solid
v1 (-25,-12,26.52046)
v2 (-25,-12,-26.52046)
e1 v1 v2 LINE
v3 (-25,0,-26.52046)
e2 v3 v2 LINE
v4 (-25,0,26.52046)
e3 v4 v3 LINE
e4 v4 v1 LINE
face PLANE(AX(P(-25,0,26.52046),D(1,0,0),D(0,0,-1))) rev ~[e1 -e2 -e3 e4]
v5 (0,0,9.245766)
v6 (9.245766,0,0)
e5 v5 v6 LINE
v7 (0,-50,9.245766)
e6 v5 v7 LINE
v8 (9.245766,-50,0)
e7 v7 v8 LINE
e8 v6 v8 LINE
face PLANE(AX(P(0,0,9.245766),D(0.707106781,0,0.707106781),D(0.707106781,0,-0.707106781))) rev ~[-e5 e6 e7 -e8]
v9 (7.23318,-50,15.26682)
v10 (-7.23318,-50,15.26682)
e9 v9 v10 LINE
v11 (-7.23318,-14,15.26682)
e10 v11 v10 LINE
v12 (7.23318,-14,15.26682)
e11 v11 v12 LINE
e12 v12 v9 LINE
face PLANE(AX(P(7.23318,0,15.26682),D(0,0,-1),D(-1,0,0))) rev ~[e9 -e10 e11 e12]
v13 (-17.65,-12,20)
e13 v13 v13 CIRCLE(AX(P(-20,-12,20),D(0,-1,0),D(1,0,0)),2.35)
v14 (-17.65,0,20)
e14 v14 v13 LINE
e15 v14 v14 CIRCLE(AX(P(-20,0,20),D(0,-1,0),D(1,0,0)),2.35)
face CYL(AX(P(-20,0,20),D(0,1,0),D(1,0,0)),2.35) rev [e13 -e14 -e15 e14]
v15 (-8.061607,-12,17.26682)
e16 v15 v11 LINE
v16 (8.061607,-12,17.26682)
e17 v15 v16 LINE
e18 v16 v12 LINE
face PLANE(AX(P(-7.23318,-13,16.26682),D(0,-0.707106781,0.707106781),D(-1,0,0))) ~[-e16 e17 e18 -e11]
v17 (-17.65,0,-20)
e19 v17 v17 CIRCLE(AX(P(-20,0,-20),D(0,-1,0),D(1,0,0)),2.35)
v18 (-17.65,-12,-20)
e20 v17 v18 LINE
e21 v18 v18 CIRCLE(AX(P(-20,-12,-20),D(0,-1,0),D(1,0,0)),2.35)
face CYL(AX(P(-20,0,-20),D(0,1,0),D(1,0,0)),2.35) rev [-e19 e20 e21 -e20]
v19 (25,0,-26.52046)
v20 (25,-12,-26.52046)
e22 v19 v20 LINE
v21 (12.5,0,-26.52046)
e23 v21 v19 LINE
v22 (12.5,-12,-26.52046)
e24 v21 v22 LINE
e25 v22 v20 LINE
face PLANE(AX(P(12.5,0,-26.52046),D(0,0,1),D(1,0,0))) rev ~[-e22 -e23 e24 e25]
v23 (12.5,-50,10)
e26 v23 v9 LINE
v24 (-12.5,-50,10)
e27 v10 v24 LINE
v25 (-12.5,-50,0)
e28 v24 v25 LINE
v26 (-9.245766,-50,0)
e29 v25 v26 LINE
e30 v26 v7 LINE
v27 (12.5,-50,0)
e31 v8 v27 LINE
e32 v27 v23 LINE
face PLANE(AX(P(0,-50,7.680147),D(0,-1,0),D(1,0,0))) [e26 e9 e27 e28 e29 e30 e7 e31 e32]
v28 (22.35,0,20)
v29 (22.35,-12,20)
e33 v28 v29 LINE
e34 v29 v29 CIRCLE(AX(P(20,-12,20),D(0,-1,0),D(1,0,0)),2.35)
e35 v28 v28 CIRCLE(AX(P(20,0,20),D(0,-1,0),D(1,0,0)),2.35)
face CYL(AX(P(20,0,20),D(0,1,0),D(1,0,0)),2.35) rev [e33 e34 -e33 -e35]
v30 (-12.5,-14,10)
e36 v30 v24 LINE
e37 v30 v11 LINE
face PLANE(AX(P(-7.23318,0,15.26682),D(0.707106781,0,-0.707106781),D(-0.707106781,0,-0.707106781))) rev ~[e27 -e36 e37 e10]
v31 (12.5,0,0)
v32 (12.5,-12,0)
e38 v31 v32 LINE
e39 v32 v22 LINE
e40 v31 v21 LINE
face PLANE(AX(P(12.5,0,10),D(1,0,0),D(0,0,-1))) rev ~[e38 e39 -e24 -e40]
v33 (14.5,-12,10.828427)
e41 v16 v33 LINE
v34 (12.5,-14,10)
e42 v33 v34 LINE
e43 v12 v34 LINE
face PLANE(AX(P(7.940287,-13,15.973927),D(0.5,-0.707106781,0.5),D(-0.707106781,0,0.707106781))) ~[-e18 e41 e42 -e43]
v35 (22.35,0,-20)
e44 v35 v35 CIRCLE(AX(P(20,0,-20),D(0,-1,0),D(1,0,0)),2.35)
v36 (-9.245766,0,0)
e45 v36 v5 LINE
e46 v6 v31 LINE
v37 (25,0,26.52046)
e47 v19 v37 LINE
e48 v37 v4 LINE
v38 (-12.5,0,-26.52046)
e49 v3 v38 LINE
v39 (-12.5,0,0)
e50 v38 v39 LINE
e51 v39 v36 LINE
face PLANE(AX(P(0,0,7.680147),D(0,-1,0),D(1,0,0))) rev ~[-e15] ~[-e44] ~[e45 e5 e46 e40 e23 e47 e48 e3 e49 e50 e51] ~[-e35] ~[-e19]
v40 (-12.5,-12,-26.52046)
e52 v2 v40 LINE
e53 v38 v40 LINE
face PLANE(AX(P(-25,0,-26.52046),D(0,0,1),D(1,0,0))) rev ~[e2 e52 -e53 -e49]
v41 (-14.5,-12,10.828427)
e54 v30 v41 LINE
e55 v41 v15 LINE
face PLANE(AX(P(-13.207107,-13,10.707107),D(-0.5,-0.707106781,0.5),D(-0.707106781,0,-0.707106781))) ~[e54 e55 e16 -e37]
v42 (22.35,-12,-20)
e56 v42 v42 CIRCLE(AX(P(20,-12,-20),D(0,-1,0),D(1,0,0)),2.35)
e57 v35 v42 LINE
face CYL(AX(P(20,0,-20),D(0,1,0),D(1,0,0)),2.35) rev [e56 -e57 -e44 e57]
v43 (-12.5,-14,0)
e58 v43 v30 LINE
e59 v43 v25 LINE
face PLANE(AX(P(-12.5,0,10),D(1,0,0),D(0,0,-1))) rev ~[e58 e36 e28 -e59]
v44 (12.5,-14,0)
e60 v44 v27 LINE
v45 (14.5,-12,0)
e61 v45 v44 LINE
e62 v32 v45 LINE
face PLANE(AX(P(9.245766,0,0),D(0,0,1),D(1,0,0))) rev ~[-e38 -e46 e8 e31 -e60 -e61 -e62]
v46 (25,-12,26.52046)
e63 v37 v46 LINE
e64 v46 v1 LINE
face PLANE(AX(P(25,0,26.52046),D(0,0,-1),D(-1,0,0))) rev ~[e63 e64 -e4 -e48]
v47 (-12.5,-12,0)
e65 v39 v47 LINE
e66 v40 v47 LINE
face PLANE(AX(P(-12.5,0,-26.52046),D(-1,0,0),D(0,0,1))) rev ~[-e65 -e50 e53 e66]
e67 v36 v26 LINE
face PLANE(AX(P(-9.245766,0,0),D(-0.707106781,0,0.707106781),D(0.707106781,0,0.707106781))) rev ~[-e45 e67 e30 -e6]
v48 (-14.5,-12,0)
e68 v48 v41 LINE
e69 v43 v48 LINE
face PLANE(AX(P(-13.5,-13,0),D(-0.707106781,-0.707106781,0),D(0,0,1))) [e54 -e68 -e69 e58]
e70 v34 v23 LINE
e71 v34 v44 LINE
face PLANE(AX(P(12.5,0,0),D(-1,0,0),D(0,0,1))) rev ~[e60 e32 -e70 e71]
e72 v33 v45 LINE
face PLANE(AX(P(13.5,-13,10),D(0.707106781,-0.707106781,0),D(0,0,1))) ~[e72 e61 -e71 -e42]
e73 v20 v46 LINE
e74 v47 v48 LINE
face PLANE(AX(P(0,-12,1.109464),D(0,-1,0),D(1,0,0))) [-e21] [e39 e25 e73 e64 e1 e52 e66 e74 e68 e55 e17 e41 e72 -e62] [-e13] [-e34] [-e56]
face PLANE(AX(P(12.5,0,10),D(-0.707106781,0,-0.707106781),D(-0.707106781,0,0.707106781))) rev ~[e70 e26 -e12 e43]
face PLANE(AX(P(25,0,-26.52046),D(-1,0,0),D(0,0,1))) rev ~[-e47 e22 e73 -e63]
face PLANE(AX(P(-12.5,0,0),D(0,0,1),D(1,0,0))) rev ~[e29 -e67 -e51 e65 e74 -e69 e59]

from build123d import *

# Parameters (mm, degrees)
SKETCH010_R     = 2.35
PAD004_DEPTH    = 12
PAD005_DEPTH    = 50
CHAMFER003_SIZE = 2


with BuildPart() as part:
    # Sketch010 → Pad004 (new body)
    with BuildSketch(Plane.XZ):
        Polygon((-25, 26.52046), (-25, -26.52046), (-12.5, -26.52046), (-12.5, 10), (12.5, 10), (12.5, -26.52046), (25, -26.52046), (25, 26.52046), align=None)
        with Locations((-20, -20)):
            Circle(SKETCH010_R, mode=Mode.SUBTRACT)
        with Locations((-20, 20)):
            Circle(SKETCH010_R, mode=Mode.SUBTRACT)
        with Locations((20, 20)):
            Circle(SKETCH010_R, mode=Mode.SUBTRACT)
        with Locations((20, -20)):
            Circle(SKETCH010_R, mode=Mode.SUBTRACT)
    extrude(amount=PAD004_DEPTH)

    # Sketch011 → Pad005 (join)
    with BuildSketch(Plane.XZ):
        Polygon((-12.5, 0), (-9.245766, 0), (0, 9.245766), (9.245766, 0), (12.5, 0), (12.5, 10), (7.23318, 15.26682), (-7.23318, 15.26682), (-12.5, 10), align=None)
    extrude(amount=PAD005_DEPTH)

    # Chamfer003
    chamfer003_edges = [part.edges().sort_by_distance(p)[0] for p in [
        (-12.5, -12, 5),
        (-9.86659, -12, 12.63341),
        (0, -12, 15.26682),
        (9.86659, -12, 12.63341),
        (12.5, -12, 5),
    ]]
    chamfer(chamfer003_edges, length=CHAMFER003_SIZE)


solid = part.part
